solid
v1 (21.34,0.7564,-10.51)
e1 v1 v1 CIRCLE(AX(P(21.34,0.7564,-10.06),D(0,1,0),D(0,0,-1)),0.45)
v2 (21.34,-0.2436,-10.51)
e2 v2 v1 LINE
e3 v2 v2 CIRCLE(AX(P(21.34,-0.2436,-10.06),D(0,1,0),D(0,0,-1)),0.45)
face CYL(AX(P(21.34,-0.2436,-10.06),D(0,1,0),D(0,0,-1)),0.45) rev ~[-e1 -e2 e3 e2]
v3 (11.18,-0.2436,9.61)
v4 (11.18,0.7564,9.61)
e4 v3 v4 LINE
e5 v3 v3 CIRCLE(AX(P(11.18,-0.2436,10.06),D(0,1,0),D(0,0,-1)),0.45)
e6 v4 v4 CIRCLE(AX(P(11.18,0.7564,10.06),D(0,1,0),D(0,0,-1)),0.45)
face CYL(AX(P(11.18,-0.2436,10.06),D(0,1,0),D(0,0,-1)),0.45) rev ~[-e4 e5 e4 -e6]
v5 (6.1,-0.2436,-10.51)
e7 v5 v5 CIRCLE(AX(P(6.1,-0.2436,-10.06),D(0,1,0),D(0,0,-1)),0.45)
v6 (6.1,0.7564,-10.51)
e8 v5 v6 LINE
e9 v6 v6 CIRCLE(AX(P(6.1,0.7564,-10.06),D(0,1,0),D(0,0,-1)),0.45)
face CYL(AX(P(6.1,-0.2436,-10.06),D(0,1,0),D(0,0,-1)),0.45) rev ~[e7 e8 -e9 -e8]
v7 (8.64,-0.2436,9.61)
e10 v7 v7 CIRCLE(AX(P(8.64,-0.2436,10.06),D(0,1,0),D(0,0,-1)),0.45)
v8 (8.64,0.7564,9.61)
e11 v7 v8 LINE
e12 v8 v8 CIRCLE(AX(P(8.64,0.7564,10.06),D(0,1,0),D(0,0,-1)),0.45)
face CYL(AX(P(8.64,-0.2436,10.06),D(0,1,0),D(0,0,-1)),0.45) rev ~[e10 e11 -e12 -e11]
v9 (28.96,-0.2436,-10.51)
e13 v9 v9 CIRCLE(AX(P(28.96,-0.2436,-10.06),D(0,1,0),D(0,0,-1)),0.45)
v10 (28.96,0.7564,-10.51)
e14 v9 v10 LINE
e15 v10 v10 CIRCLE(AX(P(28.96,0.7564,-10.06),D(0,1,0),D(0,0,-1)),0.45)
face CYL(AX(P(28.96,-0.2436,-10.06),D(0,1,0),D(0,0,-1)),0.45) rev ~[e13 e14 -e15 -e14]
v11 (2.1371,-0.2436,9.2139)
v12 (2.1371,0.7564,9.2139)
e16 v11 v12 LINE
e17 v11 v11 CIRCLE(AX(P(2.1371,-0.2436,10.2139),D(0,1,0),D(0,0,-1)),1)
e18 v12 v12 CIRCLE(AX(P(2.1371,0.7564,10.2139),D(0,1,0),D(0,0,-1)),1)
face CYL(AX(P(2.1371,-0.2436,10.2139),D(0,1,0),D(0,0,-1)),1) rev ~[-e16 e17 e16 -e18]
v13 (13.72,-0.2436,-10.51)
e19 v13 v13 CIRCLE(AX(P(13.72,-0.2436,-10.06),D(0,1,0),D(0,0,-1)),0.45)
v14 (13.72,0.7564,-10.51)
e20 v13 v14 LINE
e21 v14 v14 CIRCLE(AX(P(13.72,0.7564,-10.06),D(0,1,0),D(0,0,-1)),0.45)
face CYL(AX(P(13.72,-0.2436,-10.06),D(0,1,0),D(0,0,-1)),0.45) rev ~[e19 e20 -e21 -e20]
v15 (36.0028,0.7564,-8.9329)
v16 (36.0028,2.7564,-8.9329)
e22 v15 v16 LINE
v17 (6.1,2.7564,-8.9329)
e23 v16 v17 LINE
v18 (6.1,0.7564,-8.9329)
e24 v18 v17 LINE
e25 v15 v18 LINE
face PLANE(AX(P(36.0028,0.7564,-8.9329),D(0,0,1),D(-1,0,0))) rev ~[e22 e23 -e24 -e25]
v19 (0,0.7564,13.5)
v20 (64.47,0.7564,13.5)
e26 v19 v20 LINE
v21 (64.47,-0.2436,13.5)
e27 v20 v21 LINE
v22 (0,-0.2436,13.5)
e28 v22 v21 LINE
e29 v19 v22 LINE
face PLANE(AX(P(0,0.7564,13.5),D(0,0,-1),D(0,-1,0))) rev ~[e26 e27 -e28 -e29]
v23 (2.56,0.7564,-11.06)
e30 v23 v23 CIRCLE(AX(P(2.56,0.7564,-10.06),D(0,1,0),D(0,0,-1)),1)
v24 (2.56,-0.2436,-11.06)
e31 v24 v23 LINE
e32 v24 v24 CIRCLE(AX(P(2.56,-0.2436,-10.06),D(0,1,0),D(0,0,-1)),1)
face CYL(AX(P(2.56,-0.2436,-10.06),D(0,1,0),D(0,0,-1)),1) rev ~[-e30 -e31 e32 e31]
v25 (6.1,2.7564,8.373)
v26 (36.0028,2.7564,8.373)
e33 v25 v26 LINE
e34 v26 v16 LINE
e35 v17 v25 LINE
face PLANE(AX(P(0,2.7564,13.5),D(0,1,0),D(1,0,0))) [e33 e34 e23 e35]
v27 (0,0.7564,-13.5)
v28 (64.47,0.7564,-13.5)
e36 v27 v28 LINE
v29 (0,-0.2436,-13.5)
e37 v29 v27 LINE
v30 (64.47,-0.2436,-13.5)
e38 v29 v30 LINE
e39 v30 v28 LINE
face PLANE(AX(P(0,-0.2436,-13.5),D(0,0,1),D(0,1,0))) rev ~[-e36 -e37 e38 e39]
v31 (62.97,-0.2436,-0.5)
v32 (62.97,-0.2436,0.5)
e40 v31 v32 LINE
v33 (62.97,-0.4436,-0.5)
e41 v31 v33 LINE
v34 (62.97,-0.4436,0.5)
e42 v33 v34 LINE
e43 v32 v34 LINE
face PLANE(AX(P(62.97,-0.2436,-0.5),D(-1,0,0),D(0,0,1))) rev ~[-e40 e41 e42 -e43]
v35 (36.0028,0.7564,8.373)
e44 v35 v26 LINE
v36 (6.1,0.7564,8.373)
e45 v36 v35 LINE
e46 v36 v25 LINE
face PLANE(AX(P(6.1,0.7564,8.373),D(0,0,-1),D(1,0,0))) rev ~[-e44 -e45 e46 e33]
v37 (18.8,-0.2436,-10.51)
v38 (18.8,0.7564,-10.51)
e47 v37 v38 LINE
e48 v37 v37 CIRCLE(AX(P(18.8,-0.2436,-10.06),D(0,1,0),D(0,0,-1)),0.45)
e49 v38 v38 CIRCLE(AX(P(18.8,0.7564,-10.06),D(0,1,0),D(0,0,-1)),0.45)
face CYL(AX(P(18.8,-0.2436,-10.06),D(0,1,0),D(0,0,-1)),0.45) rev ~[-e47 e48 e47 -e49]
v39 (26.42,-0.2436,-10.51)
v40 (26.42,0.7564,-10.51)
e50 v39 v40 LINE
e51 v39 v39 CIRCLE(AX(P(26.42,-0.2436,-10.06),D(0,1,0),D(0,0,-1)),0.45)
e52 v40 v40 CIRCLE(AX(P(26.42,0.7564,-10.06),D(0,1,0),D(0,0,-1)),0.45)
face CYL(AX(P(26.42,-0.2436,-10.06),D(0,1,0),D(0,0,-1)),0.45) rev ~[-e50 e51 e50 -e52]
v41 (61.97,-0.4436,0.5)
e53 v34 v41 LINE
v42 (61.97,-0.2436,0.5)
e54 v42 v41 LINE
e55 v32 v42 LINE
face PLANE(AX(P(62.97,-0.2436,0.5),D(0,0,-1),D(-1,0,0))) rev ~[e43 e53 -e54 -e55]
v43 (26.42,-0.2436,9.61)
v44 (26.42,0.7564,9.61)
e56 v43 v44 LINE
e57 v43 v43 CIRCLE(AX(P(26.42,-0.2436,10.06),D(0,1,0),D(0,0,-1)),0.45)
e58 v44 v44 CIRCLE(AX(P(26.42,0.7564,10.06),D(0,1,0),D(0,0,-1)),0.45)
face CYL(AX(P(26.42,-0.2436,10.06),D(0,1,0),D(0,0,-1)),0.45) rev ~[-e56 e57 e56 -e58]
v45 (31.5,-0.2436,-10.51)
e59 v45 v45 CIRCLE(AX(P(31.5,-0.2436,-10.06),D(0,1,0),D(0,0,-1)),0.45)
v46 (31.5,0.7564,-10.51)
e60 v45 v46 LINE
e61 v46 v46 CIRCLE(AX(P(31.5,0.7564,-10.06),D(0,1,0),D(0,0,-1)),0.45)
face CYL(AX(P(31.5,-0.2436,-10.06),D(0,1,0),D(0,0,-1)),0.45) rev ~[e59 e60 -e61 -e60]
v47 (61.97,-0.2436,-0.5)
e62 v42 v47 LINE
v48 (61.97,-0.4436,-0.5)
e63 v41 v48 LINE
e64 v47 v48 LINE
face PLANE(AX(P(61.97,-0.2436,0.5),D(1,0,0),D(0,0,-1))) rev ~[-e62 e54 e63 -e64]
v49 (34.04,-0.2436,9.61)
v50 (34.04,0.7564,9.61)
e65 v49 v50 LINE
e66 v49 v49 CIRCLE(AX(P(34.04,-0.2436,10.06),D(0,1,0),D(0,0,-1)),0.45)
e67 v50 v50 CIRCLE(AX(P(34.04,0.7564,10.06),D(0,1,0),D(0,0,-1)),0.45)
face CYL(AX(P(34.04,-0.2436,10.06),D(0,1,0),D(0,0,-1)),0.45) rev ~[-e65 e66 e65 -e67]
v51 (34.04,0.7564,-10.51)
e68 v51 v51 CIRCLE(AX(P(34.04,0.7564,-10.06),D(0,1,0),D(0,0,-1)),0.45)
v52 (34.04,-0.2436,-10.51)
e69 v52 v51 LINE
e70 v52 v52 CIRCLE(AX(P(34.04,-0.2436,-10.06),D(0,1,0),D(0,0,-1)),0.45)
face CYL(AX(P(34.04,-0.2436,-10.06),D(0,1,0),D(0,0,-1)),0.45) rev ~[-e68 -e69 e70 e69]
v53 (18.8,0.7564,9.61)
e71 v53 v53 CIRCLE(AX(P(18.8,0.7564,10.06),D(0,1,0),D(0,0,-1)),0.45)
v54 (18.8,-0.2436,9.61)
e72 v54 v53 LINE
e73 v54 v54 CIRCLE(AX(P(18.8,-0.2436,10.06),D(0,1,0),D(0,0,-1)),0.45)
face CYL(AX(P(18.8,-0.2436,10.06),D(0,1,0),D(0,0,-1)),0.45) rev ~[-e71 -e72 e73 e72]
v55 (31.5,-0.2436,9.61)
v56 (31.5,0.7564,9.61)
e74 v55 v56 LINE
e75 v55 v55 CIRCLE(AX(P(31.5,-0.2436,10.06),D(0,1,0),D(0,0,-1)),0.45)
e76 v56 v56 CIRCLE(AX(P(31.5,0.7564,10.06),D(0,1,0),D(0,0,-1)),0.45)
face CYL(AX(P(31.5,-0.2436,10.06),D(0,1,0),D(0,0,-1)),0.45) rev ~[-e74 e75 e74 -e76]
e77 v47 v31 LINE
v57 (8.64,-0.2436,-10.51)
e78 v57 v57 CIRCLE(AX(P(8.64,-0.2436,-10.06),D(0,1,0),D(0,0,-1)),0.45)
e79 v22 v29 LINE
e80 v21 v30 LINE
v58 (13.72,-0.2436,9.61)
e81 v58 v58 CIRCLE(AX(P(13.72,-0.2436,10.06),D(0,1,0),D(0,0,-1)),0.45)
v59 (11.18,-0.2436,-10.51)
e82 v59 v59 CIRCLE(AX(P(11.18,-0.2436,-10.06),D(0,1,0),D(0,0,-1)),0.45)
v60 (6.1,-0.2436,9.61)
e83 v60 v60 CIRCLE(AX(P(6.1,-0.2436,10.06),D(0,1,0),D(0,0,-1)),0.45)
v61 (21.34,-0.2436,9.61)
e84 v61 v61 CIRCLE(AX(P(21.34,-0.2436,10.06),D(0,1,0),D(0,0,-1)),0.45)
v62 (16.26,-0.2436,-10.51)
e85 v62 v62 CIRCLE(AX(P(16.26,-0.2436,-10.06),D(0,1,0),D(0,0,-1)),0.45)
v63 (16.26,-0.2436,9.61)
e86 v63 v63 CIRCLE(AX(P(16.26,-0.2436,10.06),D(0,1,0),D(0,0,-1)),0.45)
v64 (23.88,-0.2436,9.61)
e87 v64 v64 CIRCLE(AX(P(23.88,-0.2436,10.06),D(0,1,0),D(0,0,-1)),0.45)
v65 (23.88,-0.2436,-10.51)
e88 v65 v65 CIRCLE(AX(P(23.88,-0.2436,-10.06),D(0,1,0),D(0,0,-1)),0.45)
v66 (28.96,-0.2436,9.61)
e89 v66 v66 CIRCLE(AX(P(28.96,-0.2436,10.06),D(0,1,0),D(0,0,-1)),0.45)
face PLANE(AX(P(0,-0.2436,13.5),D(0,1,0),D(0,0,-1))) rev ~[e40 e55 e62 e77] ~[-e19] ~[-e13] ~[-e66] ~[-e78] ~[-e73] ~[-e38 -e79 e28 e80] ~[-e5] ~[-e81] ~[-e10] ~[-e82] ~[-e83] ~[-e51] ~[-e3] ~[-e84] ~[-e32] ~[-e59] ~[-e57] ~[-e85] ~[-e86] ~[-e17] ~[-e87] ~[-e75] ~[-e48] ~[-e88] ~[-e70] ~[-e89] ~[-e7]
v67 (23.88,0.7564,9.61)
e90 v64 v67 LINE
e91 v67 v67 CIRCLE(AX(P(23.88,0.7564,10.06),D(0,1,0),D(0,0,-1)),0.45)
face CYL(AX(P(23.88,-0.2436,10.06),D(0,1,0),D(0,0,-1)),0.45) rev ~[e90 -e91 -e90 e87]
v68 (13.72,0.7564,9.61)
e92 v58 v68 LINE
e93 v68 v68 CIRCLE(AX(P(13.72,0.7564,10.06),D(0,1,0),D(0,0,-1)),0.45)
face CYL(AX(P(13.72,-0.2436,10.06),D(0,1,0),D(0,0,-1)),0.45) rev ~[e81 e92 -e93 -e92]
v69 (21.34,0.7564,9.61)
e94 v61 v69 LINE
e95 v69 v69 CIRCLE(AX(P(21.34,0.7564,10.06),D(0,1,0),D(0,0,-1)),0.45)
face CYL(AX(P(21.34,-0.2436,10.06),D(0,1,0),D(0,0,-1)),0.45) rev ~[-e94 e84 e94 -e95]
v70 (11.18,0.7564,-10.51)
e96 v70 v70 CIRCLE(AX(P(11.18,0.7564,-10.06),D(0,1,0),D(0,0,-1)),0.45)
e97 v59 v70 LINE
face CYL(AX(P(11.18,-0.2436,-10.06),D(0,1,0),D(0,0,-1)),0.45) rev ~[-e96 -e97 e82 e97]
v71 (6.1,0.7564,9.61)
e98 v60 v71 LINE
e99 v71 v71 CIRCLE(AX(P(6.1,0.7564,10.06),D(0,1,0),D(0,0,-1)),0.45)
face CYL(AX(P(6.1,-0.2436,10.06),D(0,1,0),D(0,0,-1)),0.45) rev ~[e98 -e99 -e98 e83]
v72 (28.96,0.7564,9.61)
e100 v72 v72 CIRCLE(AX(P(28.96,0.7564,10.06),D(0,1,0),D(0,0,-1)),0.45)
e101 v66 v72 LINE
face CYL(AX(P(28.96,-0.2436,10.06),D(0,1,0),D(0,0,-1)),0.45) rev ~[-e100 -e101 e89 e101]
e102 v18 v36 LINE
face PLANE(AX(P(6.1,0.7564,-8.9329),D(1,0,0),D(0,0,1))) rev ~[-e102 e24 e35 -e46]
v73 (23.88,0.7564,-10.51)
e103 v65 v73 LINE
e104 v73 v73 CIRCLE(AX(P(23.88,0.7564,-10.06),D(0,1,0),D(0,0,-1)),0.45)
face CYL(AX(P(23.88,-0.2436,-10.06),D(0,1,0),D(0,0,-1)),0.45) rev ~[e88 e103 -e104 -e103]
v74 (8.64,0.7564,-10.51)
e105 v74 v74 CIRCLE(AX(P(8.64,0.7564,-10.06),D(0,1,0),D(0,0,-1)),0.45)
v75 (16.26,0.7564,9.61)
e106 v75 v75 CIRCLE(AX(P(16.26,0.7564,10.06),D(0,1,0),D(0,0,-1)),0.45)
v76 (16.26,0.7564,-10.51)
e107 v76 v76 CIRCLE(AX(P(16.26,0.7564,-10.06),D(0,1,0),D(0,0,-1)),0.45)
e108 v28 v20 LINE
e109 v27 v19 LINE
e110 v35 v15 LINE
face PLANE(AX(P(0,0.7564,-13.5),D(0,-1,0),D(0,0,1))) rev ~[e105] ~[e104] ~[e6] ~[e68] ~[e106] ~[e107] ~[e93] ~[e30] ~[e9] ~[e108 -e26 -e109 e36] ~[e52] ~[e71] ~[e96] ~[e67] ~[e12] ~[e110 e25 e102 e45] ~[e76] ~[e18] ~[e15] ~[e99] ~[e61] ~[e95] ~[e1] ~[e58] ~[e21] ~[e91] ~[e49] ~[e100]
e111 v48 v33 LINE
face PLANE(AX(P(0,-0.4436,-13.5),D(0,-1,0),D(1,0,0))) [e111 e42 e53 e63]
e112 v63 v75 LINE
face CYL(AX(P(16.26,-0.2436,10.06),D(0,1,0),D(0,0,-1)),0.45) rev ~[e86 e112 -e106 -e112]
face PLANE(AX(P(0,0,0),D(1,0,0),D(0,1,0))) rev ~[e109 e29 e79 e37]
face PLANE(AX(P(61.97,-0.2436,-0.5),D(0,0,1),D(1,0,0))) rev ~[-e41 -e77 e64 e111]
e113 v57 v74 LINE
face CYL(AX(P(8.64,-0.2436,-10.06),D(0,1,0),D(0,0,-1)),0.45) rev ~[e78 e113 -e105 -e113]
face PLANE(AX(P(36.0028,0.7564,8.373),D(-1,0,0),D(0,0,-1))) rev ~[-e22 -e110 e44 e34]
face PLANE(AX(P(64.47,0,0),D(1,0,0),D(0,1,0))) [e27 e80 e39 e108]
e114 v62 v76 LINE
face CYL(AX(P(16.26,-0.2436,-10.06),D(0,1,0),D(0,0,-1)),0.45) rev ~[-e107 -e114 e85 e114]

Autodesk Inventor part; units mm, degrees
ref_plane "YZ Plane" through (0, 0, 0) normal (1, 0, 0) x (0, 1, 0)
ref_plane "XZ Plane" through (0, 0, 0) normal (0, 1, 0) x (-1, 0, 0)
ref_plane "XY Plane" through (0, 0, 0) normal (0, 0, 1) x (1, 0, 0)
sketch "Boceto1" plane through (0, 0, 0) normal (1, 0, 0) x (0, 1, 0)
  line L0 (0.7564, 13.5) -> (-0.2436, 13.5)
  line L1 (-0.2436, 13.5) -> (-0.2436, -13.5)
  line L2 (-0.2436, -13.5) -> (0.7564, -13.5)
  line L3 (0.7564, -13.5) -> (0.7564, 13.5)
  point P0 (0, 0)
  dimension "d0" = 1
  dimension "d1" = 27
  dimension "d2" = 13.5
extrude "Extrusión1" add sketch "Boceto1" along normal blind 64.47
sketch "Boceto2" plane through (0, -0.2436, -13.5) normal (0, -1, 0) x (1, 0, 0)
  line L0 (0, 0) -> (64.47, 0) projected
  line L1 (0, 27) -> (0, 0) projected
  line L2 (0, 27) -> (0, 0) projected
  line L3 (0, 0) -> (64.47, 0) projected
  line L4 (64.47, 27) -> (64.47, 0) projected
  line L5 (0, 27) -> (64.47, 27) projected
  line L6 (0, 13.5) -> (64.47, 13.5)
  line L7 (64.47, 0) -> (64.47, 27) projected
  point P0 (2.56, 3.44)
  point P1 (6.1, 3.44)
  point P2 (8.64, 3.44)
  point P3 (16.26, 3.44)
  point P4 (18.8, 3.44)
  point P5 (21.34, 3.44)
  point P6 (23.88, 3.44)
  point P7 (26.42, 3.44)
  point P8 (28.96, 3.44)
  point P9 (31.5, 3.44)
  point P10 (34.04, 3.44)
  point P11 (11.18, 3.44)
  point P12 (13.72, 3.44)
  point P13 (2.56, 23.56)
  point P14 (6.1, 23.56)
  point P15 (8.64, 23.56)
  point P16 (16.26, 23.56)
  point P17 (18.8, 23.56)
  point P18 (21.34, 23.56)
  point P19 (23.88, 23.56)
  point P20 (26.42, 23.56)
  point P21 (28.96, 23.56)
  point P22 (31.5, 23.56)
  point P23 (34.04, 23.56)
  point P24 (11.18, 23.56)
  point P25 (13.72, 23.56)
  dimension "d5" = 3.44
  dimension "d6" = 2.56
  dimension "d8" = 2.54
  dimension "d9" = 2.54
  dimension "d10" = 2.54
  dimension "d11" = 2.54
  dimension "d12" = 2.54
  dimension "d13" = 2.54
  dimension "d14" = 2.54
  dimension "d15" = 2.54
  dimension "d16" = 2.54
  dimension "d17" = 2.54
  dimension "d18" = 2.54
  dimension "d19" = 3.54
hole "Agujero1" at (2.56, -0.2436, -10.06) at (6.1, -0.2436, -10.06) at (8.64, -0.2436, -10.06) at (16.26, -0.2436, -10.06) at (18.8, -0.2436, -10.06) at (21.34, -0.2436, -10.06) at (23.88, -0.2436, -10.06) at (26.42, -0.2436, -10.06) at (28.96, -0.2436, -10.06) at (31.5, -0.2436, -10.06) at (34.04, -0.2436, -10.06) at (11.18, -0.2436, -10.06) at (13.72, -0.2436, -10.06) at (34.04, -0.2436, 10.06) at (31.5, -0.2436, 10.06) at (28.96, -0.2436, 10.06) at (26.42, -0.2436, 10.06) at (23.88, -0.2436, 10.06) at (21.34, -0.2436, 10.06) at (18.8, -0.2436, 10.06) at (16.26, -0.2436, 10.06) at (13.72, -0.2436, 10.06) at (11.18, -0.2436, 10.06) at (8.64, -0.2436, 10.06) at (6.1, -0.2436, 10.06) at (2.56, -0.2436, 10.06) direction (0, 1, 0) diameter 0.9 end through all
sketch "Boceto3" plane through (0, -0.2436, -13.5) normal (0, -1, 0) x (1, 0, 0)
  circle A0 centre (2.56, 3.44) radius 0.45 projected
  point P0 (0, 13.5)
  point P1 (2.1371, 23.7139)
hole "Agujero2" at (2.56, -0.2436, -10.06) at (2.1371, -0.2436, 10.2139) direction (0, 1, 0) diameter 2 end through all
sketch "Boceto4" plane through (0, -0.2436, -13.5) normal (0, -1, 0) x (1, 0, 0)
  point P0 (0, 13.5)
ref_plane "Plano de trabajo1" through (0, -0.2436, -13.5) normal (0, -1, 0) x (1, 0, 0)
ref_plane "Plano de trabajo5" through (0, -0.2436, 11.183) normal (0, 0, 1) x (1, 0, 0)
ref_plane "Plano de trabajo6" through (64.47, 0.7564, -11.183) normal (0, 0, -1) x (-1, 0, 0)
sketch "Boceto5" plane through (0, 0.7564, 13.5) normal (0, 1, 0) x (1, 0, 0)
  line L0 (1.1898, 7.974) -> (1.1898, 18.6346) construction
  line L1 (1.1898, 18.6346) -> (4.3663, 18.6346) construction
  line L2 (4.3663, 18.6346) -> (4.3663, 7.974) construction
  line L3 (4.3663, 7.974) -> (1.1898, 7.974) construction
  line L4 (6.1, 5.127) -> (36.0028, 5.127)
  line L5 (36.0028, 5.127) -> (36.0028, 22.4329)
  line L6 (36.0028, 22.4329) -> (6.1, 22.4329)
  line L7 (6.1, 22.4329) -> (6.1, 5.127)
  point P0 (0, 13.5)
extrude "Extrusión2" add sketch "Boceto5" along normal blind 2
sketch "Boceto6" plane through (0, 0.7564, 13.5) normal (0, 1, 0) x (1, 0, 0)
  line L0 (1.1904, 8.2396) -> (1.1904, 18.9001) construction
  line L1 (1.1904, 18.9001) -> (4.3668, 18.9001) construction
  line L2 (4.3668, 18.9001) -> (4.3668, 8.2396) construction
  line L3 (4.3668, 8.2396) -> (1.1904, 8.2396) construction
  point P0 (0, 13.5)
sketch "Boceto7" plane through (0, -0.2436, -13.5) normal (0, -1, 0) x (1, 0, 0)
  line L0 (0, 27) -> (64.47, 27) projected
  line L1 (64.47, 27) -> (64.47, 0) projected
  line L2 (62.97, 14) -> (61.97, 14)
  line L3 (61.97, 14) -> (61.97, 13)
  line L4 (61.97, 13) -> (62.97, 13)
  line L5 (62.97, 13) -> (62.97, 14)
  point P0 (0, 13.5)
  point P1 (62.47, 13.5)
  dimension "d43" = 13.5
  dimension "d44" = 2
  dimension "d45" = 1
  dimension "d46" = 1
  dimension "d47" = 0.5
  dimension "d48" = 0.5
extrude "Extrusión3" add sketch "Boceto7" along normal blind 0.2
equation "\"d8\" = L"
equation "\"d9\" = L"
equation "\"d10\" = L"
equation "\"d11\" = L"
equation "\"d12\" = L"
equation "\"d13\" = L"
equation "\"d14\" = L"
equation "\"d15\" = L"
equation "\"d16\" = L"
equation "\"d17\" = L"
equation "\"d18\" = L"
equation "\"L\" = 2.54"
properties part number "lora32Placa"
